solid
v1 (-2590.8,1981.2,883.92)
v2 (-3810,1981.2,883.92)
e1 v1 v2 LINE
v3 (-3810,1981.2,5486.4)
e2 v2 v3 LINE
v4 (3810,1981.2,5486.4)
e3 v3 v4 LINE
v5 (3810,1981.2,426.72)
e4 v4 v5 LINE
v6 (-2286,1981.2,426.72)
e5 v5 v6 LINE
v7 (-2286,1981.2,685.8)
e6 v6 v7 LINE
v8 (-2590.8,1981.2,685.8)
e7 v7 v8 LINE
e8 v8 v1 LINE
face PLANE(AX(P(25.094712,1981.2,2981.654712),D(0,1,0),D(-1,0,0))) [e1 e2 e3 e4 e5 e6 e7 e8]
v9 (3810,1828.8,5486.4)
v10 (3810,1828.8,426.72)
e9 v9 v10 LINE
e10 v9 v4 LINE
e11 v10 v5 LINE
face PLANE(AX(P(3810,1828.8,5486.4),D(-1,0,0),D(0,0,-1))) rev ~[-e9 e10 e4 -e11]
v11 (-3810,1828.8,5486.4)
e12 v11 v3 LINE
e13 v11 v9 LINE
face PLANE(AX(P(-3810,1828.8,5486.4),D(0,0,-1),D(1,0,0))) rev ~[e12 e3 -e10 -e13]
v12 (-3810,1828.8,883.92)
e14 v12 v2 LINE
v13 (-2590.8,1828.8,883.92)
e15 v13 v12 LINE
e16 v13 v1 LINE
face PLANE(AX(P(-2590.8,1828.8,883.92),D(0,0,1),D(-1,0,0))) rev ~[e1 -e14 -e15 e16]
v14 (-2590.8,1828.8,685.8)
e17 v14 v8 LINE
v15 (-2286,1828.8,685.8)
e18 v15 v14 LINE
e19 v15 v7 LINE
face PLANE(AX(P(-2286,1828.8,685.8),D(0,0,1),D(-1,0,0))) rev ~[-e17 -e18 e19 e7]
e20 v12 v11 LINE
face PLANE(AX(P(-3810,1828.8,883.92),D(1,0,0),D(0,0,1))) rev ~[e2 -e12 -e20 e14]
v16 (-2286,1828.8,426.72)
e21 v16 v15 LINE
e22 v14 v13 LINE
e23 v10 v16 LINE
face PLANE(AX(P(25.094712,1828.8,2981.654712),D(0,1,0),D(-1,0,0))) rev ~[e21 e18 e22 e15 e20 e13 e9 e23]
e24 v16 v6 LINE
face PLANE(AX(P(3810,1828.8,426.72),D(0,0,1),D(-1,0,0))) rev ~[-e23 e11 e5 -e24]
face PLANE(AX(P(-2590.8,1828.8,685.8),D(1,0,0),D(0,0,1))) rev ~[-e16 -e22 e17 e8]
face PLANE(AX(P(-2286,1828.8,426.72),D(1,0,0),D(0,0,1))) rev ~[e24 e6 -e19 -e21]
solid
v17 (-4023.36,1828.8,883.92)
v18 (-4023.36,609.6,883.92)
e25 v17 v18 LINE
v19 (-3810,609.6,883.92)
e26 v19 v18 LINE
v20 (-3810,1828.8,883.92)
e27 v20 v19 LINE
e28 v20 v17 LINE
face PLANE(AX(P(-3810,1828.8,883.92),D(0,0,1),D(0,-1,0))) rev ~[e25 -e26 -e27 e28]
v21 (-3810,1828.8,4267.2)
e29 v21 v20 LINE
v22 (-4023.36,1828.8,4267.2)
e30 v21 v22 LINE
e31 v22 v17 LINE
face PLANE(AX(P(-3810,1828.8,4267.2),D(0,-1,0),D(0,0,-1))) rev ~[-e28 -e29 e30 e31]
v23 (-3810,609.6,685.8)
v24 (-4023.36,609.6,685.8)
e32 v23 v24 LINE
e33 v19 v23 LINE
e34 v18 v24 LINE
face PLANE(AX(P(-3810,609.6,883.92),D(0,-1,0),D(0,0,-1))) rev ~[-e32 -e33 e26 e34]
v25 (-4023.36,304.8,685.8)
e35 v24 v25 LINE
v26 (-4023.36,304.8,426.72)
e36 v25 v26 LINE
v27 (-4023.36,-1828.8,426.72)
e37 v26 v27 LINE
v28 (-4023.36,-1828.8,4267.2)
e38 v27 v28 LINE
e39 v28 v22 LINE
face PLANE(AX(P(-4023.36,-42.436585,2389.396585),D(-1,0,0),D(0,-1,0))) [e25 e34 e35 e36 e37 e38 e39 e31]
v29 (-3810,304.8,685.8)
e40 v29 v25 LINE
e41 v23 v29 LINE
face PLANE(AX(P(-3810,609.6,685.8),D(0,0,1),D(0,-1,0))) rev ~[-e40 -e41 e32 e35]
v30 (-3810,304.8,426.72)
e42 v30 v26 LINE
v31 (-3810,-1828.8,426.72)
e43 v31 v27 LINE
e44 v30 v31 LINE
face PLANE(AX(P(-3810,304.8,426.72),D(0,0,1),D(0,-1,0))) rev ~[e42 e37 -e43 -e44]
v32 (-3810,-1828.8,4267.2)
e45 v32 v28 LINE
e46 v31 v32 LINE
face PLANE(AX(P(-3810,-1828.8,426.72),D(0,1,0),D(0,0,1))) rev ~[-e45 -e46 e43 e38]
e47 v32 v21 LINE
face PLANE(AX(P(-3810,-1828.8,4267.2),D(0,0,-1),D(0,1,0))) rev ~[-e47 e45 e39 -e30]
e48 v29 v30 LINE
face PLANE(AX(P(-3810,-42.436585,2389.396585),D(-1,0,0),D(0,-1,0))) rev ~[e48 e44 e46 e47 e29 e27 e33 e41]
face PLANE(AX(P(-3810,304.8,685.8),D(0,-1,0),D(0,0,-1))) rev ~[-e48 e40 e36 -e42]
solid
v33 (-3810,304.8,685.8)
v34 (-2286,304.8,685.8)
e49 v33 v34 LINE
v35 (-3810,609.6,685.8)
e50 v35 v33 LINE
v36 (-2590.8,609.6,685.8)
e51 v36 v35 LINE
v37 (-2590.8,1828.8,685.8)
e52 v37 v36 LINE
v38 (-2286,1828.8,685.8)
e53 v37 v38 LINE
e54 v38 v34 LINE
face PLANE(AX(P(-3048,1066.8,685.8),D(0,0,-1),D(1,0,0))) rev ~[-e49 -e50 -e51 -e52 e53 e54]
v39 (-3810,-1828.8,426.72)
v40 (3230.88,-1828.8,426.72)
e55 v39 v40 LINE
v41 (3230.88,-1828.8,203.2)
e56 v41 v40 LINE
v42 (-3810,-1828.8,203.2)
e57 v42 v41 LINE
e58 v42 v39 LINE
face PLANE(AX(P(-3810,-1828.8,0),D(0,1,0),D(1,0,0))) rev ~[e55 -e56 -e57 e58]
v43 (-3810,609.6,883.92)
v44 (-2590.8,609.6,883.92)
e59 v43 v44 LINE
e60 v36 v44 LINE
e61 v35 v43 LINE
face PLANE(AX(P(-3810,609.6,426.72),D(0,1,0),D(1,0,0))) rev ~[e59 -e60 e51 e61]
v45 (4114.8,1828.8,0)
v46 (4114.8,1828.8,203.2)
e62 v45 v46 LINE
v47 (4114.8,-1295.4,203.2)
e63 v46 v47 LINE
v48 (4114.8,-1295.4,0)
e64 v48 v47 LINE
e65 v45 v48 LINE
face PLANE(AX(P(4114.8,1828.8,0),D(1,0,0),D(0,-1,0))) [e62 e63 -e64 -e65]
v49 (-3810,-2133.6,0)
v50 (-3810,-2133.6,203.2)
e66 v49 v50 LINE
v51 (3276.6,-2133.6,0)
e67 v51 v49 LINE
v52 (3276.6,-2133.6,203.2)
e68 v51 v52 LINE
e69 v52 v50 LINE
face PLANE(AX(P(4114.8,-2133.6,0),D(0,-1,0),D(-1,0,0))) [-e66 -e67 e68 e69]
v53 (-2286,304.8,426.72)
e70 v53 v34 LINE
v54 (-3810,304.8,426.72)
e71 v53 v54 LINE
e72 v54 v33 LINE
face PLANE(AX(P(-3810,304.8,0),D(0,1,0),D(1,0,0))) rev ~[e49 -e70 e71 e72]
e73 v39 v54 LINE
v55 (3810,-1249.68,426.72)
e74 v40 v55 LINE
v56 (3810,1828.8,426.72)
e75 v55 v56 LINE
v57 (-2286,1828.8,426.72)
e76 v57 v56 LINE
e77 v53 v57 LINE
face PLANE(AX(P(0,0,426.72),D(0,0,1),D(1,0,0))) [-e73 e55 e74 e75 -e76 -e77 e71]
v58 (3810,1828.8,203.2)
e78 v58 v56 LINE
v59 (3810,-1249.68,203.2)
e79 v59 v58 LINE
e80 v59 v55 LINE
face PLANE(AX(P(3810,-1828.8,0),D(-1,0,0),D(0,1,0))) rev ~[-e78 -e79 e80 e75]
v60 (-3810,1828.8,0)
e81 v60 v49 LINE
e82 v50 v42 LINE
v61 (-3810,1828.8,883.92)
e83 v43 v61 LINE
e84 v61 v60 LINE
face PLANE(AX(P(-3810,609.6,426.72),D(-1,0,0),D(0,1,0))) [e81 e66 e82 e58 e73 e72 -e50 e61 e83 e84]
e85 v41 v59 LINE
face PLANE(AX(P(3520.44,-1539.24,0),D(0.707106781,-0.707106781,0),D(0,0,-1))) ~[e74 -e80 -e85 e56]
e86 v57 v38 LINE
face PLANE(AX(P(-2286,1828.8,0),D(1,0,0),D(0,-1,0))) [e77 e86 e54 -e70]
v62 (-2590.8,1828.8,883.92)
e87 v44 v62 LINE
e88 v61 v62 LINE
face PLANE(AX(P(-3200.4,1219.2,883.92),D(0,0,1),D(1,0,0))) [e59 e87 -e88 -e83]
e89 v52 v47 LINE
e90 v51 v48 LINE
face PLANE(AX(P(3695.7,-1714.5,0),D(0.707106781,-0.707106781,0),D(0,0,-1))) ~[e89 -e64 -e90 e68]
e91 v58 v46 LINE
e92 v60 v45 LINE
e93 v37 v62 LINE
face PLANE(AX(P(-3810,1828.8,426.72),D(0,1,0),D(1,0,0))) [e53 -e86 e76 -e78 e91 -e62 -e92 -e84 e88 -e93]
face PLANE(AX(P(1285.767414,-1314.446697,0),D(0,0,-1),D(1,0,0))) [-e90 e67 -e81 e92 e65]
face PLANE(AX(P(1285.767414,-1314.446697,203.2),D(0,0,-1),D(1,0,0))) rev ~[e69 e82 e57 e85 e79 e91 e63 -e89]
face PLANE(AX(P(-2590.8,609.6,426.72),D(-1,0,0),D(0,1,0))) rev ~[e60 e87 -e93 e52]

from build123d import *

# Parameters (mm, degrees)
F0_W      = 7620
F0_H      = 3657.6
F1_DEPTH  = 426.72
F2_SIZE   = 579.12
F4_DEPTH  = 203.2
F5_SIZE   = 838.2
F6_W      = 1219.2
F6_H      = 1219.2
F7_DEPTH  = 457.2
F8_W      = 1524
F8_H      = 1524
F9_DEPTH  = 685.8
F11_DEPTH = 152.4
F13_DEPTH = 213.36


with BuildPart() as f1:
    # F0 (on Top) → F1 (new body)
    with BuildSketch(Plane.XY):
        Rectangle(F0_W, F0_H)
    extrude(amount=F1_DEPTH)

    # F2
    f2_edges = [f1.edges().sort_by_distance(p)[0] for p in [
        (3810, -1828.8, 213.36),
    ]]
    chamfer(f2_edges, length=F2_SIZE)

    # F3 (on face) → F4 (join)
    with BuildSketch(Plane(origin=(0, 0, 0), x_dir=(1, 0, 0), z_dir=(0, 0, -1))):
        Polygon((3810, 1249.68), (3810, -1828.8), (4114.8, -1828.8), (4114.8, 2133.6), (-3810, 2133.6), (-3810, 1828.8), (3230.88, 1828.8), align=None)
    extrude(amount=-F4_DEPTH)

    # F5
    f5_edges = [f1.edges().sort_by_distance(p)[0] for p in [
        (4114.8, -2133.6, 101.6),
    ]]
    chamfer(f5_edges, length=F5_SIZE)

    # F6 (on face) → F7 (join)
    with BuildSketch(Plane.XY.offset(426.72)):
        with Locations((-3200.4, 1219.2)):
            Rectangle(F6_W, F6_H)
    extrude(amount=F7_DEPTH)

    # F8 (on face) → F9 (join)
    with BuildSketch(Plane(origin=(0, 0, 0), x_dir=(1, 0, 0), z_dir=(0, 0, -1))):
        with Locations((-3048, -1066.8)):
            Rectangle(F8_W, F8_H)
    extrude(amount=-F9_DEPTH)


with BuildPart() as f11:
    # F10 (on face) → F11 (new body)
    with BuildSketch(Plane(origin=(0, 1828.8, 0), x_dir=(-1, 0, 0), z_dir=(0, 1, 0))):
        Polygon((2590.8, 883.92), (3810, 883.92), (3810, 5486.4), (-3810, 5486.4), (-3810, 426.72), (2286, 426.72), (2286, 685.8), (2590.8, 685.8), align=None)
    extrude(amount=F11_DEPTH)


with BuildPart() as f13:
    # F12 (on face) → F13 (new body)
    with BuildSketch(Plane(origin=(-3810, 0, 0), x_dir=(0, -1, 0), z_dir=(-1, 0, 0))):
        Polygon((-1828.8, 4267.2), (-1828.8, 883.92), (-609.6, 883.92), (-609.6, 685.8), (-304.8, 685.8), (-304.8, 426.72), (1828.8, 426.72), (1828.8, 4267.2), align=None)
    extrude(amount=F13_DEPTH)


solid = Compound([f1.part, f11.part, f13.part])
